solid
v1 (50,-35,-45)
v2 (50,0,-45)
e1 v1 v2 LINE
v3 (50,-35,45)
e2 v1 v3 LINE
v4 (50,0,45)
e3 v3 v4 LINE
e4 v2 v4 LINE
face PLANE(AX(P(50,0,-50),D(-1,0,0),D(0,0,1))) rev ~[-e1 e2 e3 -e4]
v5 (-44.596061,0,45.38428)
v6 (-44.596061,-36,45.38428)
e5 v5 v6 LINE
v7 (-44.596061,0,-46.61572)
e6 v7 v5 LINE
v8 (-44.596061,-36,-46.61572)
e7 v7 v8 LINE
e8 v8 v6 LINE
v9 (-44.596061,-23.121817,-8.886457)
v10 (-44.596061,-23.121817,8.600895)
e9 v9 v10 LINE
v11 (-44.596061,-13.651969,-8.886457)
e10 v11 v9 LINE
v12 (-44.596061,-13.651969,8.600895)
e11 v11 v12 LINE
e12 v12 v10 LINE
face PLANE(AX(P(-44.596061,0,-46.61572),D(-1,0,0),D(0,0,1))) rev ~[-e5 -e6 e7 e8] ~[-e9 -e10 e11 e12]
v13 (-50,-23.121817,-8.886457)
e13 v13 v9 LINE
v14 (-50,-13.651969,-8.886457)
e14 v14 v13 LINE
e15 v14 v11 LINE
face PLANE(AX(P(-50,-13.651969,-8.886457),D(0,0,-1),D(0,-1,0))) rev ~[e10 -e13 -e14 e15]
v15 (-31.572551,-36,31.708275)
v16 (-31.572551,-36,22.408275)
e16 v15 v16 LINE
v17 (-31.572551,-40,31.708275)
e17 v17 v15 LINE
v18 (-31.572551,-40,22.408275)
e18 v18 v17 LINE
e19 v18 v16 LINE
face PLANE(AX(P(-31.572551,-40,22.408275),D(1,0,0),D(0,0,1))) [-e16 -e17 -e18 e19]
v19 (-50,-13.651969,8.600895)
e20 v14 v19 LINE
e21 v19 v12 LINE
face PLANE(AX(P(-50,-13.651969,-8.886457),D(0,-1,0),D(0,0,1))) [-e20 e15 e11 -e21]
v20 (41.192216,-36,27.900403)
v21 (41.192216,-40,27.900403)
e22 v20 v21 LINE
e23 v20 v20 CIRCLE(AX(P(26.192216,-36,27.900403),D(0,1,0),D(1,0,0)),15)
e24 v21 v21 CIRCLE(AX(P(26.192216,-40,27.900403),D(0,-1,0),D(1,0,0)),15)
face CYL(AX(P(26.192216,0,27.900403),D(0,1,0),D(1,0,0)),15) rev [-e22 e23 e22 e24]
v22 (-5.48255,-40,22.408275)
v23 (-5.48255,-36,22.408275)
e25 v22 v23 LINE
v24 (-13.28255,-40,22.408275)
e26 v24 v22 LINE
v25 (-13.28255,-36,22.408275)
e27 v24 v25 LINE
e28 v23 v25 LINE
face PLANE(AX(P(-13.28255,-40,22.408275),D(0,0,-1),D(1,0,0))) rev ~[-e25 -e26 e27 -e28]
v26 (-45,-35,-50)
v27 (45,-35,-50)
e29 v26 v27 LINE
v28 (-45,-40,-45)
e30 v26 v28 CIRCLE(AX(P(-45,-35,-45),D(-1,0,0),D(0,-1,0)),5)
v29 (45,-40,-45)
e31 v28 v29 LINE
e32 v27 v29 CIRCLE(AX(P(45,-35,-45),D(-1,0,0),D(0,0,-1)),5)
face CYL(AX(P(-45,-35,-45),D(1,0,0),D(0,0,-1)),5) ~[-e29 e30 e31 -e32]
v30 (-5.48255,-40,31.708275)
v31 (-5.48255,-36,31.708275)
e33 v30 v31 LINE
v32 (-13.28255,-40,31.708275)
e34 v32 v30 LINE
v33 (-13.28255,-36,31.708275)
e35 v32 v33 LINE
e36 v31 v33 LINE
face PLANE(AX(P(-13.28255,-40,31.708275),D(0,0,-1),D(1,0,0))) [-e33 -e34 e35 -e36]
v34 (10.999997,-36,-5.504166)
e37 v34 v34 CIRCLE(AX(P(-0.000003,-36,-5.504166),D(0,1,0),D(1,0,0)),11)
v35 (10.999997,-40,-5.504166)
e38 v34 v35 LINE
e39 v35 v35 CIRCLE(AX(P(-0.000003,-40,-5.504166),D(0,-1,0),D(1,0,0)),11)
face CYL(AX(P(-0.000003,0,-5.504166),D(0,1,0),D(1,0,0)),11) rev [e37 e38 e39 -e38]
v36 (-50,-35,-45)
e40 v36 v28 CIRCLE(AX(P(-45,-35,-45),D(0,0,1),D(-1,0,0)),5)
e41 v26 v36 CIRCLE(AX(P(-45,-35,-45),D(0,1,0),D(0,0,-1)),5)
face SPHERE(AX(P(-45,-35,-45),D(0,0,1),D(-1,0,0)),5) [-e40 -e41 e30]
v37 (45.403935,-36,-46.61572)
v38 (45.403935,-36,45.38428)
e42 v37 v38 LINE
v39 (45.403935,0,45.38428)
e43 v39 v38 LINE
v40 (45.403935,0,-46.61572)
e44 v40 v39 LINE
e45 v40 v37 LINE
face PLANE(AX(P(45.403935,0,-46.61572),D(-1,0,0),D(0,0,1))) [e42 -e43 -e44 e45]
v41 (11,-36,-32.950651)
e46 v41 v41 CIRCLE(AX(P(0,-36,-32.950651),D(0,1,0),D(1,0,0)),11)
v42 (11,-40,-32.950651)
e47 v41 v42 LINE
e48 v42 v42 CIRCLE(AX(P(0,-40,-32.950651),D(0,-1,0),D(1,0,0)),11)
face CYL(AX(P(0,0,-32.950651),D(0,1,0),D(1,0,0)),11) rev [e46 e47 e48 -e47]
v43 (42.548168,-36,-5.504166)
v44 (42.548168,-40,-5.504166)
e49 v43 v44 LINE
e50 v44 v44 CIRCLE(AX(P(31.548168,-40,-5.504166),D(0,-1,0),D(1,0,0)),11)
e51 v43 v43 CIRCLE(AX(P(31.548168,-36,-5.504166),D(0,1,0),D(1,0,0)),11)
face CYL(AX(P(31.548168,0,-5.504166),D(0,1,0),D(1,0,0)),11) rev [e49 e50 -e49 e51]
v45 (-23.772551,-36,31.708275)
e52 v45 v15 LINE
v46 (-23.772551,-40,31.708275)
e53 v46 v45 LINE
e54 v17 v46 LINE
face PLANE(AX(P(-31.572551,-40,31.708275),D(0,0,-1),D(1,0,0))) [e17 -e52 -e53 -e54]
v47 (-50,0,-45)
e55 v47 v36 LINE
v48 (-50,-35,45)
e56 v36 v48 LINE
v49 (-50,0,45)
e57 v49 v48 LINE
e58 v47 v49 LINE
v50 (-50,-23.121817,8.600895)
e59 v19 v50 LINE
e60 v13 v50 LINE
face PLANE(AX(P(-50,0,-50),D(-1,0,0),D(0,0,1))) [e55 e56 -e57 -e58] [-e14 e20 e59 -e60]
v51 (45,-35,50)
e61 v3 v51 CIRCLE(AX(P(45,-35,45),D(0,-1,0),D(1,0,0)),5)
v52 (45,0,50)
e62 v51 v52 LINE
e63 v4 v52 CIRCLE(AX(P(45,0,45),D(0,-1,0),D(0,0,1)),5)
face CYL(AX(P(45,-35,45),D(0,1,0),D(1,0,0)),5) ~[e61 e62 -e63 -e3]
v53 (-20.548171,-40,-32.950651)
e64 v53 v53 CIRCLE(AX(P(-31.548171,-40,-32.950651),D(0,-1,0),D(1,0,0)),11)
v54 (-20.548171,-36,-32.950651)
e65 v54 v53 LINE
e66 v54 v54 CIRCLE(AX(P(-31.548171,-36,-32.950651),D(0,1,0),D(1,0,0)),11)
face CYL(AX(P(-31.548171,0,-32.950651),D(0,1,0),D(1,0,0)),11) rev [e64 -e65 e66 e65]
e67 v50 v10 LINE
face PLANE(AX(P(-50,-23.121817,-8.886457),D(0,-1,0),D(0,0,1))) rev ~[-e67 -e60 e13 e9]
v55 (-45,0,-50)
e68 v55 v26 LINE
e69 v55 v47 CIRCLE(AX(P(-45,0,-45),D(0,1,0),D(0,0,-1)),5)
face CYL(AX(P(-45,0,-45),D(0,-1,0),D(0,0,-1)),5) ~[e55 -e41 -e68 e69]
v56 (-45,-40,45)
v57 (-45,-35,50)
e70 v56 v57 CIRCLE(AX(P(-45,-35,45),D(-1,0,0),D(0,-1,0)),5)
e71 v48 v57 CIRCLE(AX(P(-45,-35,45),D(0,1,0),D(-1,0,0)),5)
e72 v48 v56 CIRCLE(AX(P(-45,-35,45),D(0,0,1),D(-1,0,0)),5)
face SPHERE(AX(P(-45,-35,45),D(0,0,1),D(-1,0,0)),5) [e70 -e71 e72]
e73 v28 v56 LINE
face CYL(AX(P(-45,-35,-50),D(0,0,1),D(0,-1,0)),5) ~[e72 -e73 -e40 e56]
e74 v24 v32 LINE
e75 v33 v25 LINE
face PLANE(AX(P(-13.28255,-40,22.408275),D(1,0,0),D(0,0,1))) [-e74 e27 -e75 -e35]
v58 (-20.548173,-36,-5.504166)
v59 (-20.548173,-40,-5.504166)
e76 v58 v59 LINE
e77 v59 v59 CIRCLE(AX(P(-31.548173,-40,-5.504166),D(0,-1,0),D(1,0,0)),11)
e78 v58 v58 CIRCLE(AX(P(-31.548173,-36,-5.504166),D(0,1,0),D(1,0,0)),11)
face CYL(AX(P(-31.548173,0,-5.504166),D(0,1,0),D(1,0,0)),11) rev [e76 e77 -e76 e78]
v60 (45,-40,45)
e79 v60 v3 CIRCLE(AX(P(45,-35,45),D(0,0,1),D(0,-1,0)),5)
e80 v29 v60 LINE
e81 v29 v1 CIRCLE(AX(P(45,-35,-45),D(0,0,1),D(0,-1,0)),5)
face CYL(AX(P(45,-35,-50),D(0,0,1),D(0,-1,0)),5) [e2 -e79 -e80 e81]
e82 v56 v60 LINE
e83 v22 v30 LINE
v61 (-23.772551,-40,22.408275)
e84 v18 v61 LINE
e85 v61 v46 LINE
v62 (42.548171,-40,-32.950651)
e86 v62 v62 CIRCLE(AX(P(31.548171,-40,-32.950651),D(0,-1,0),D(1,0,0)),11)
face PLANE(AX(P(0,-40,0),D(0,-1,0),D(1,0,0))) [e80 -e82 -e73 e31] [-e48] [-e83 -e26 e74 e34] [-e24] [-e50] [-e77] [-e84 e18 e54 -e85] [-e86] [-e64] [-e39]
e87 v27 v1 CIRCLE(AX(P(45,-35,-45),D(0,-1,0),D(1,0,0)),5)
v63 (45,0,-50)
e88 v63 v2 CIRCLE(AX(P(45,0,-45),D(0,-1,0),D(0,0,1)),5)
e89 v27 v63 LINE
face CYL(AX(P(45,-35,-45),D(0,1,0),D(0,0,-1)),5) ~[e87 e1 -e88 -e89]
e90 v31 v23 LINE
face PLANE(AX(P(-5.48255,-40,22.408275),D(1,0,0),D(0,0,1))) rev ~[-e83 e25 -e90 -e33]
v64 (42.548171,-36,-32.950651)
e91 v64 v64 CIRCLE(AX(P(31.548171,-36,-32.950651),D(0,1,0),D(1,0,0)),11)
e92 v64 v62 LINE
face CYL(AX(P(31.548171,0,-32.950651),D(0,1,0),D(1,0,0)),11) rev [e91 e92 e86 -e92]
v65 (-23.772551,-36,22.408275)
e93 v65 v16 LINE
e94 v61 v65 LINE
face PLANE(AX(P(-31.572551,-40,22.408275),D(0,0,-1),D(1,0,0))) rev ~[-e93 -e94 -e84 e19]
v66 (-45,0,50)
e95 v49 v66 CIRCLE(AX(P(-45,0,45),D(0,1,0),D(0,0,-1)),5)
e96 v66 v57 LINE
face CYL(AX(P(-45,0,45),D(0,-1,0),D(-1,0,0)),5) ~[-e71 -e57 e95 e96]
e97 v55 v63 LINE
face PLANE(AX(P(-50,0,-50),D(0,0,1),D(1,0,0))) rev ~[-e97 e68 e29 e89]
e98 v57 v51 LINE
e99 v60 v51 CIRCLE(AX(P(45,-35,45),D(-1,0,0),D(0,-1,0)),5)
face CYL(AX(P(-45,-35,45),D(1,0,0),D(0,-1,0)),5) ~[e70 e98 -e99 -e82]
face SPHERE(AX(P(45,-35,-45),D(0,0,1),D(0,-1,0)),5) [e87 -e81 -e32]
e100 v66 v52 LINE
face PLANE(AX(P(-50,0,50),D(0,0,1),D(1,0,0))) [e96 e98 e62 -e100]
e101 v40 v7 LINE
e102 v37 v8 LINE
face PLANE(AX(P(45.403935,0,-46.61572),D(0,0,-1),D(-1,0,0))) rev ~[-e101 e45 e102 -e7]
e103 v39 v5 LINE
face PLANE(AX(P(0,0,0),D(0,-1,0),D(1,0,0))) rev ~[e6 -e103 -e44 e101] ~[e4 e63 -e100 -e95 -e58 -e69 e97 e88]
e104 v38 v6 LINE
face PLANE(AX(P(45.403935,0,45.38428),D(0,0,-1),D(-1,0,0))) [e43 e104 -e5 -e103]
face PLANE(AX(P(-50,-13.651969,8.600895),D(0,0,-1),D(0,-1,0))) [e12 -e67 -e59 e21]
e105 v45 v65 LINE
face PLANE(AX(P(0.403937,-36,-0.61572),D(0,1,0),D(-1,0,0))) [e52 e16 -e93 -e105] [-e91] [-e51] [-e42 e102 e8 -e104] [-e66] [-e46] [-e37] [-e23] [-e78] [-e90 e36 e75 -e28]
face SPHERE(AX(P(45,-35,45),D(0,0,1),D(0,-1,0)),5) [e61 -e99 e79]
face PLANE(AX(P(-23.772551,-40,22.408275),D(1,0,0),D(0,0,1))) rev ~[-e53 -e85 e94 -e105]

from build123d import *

# Parameters (mm, degrees)
F0_W      = 100
F0_H      = 100
F0_R      = 11
F0_R_2    = 15
F1_DEPTH  = 40
F2_W      = 89.999996
F2_H      = 92
F3_DEPTH  = 36
F4_W      = 7.8
F4_H      = 9.3
F5_DEPTH  = 25
F6_R      = 5
F7_R      = 5
F8_R      = 5
F9_W      = 9.469847
F9_H      = 17.487352
F10_DEPTH = 25


with BuildPart() as f1:
    # F0 (on Front) → F1 (new body)
    with BuildSketch(Plane.XZ):
        Rectangle(F0_W, F0_H)
        with Locations((-31.548171, -32.950651)):
            Circle(F0_R, mode=Mode.SUBTRACT)
        with Locations((-31.548173, -5.504166)):
            Circle(F0_R, mode=Mode.SUBTRACT)
        with Locations((-3e-06, -5.504166)):
            Circle(F0_R, mode=Mode.SUBTRACT)
        with Locations((0, -32.950651)):
            Circle(F0_R, mode=Mode.SUBTRACT)
        with Locations((31.548171, -32.950651)):
            Circle(F0_R, mode=Mode.SUBTRACT)
        with Locations((31.548168, -5.504166)):
            Circle(F0_R, mode=Mode.SUBTRACT)
        with Locations((26.192216, 27.900403)):
            Circle(F0_R_2, mode=Mode.SUBTRACT)
    extrude(amount=F1_DEPTH)

    # F2 (on face) → F3 (cut)
    with BuildSketch(Plane(origin=(0, 0, 0), x_dir=(-1, 0, 0), z_dir=(0, 1, 0))):
        with Locations((-0.403937, -0.61572)):
            Rectangle(F2_W, F2_H)
    extrude(amount=-F3_DEPTH, mode=Mode.SUBTRACT)

    # F4 (on face) → F5 (cut)
    with BuildSketch(Plane.XZ.offset(40)):
        with Locations((-9.38255, 27.058275)):
            Rectangle(F4_W, F4_H)
        with Locations((-27.672551, 27.058275)):
            Rectangle(F4_W, F4_H)
    extrude(amount=-F5_DEPTH, mode=Mode.SUBTRACT)

    # F6
    f6_edges = [f1.edges().sort_by_distance(p)[0] for p in [
        (50, -40, 0),
    ]]
    fillet(f6_edges, radius=F6_R)

    # F7
    f7_edges = [f1.edges().sort_by_distance(p)[0] for p in [
        (-50, -40, 0),
    ]]
    fillet(f7_edges, radius=F7_R)

    # F8
    f8_edges = [f1.edges().sort_by_distance(p)[0] for p in [
        (0, -40, -50),
        (0, -40, 50),
    ]]
    fillet(f8_edges, radius=F8_R)

    # F9 (on face) → F10 (cut)
    with BuildSketch(Plane(origin=(-50, 0, 0), x_dir=(0, -1, 0), z_dir=(-1, 0, 0))):
        with Locations((18.386893, -0.142781)):
            Rectangle(F9_W, F9_H)
    extrude(amount=-F10_DEPTH, mode=Mode.SUBTRACT)


solid = f1.part
